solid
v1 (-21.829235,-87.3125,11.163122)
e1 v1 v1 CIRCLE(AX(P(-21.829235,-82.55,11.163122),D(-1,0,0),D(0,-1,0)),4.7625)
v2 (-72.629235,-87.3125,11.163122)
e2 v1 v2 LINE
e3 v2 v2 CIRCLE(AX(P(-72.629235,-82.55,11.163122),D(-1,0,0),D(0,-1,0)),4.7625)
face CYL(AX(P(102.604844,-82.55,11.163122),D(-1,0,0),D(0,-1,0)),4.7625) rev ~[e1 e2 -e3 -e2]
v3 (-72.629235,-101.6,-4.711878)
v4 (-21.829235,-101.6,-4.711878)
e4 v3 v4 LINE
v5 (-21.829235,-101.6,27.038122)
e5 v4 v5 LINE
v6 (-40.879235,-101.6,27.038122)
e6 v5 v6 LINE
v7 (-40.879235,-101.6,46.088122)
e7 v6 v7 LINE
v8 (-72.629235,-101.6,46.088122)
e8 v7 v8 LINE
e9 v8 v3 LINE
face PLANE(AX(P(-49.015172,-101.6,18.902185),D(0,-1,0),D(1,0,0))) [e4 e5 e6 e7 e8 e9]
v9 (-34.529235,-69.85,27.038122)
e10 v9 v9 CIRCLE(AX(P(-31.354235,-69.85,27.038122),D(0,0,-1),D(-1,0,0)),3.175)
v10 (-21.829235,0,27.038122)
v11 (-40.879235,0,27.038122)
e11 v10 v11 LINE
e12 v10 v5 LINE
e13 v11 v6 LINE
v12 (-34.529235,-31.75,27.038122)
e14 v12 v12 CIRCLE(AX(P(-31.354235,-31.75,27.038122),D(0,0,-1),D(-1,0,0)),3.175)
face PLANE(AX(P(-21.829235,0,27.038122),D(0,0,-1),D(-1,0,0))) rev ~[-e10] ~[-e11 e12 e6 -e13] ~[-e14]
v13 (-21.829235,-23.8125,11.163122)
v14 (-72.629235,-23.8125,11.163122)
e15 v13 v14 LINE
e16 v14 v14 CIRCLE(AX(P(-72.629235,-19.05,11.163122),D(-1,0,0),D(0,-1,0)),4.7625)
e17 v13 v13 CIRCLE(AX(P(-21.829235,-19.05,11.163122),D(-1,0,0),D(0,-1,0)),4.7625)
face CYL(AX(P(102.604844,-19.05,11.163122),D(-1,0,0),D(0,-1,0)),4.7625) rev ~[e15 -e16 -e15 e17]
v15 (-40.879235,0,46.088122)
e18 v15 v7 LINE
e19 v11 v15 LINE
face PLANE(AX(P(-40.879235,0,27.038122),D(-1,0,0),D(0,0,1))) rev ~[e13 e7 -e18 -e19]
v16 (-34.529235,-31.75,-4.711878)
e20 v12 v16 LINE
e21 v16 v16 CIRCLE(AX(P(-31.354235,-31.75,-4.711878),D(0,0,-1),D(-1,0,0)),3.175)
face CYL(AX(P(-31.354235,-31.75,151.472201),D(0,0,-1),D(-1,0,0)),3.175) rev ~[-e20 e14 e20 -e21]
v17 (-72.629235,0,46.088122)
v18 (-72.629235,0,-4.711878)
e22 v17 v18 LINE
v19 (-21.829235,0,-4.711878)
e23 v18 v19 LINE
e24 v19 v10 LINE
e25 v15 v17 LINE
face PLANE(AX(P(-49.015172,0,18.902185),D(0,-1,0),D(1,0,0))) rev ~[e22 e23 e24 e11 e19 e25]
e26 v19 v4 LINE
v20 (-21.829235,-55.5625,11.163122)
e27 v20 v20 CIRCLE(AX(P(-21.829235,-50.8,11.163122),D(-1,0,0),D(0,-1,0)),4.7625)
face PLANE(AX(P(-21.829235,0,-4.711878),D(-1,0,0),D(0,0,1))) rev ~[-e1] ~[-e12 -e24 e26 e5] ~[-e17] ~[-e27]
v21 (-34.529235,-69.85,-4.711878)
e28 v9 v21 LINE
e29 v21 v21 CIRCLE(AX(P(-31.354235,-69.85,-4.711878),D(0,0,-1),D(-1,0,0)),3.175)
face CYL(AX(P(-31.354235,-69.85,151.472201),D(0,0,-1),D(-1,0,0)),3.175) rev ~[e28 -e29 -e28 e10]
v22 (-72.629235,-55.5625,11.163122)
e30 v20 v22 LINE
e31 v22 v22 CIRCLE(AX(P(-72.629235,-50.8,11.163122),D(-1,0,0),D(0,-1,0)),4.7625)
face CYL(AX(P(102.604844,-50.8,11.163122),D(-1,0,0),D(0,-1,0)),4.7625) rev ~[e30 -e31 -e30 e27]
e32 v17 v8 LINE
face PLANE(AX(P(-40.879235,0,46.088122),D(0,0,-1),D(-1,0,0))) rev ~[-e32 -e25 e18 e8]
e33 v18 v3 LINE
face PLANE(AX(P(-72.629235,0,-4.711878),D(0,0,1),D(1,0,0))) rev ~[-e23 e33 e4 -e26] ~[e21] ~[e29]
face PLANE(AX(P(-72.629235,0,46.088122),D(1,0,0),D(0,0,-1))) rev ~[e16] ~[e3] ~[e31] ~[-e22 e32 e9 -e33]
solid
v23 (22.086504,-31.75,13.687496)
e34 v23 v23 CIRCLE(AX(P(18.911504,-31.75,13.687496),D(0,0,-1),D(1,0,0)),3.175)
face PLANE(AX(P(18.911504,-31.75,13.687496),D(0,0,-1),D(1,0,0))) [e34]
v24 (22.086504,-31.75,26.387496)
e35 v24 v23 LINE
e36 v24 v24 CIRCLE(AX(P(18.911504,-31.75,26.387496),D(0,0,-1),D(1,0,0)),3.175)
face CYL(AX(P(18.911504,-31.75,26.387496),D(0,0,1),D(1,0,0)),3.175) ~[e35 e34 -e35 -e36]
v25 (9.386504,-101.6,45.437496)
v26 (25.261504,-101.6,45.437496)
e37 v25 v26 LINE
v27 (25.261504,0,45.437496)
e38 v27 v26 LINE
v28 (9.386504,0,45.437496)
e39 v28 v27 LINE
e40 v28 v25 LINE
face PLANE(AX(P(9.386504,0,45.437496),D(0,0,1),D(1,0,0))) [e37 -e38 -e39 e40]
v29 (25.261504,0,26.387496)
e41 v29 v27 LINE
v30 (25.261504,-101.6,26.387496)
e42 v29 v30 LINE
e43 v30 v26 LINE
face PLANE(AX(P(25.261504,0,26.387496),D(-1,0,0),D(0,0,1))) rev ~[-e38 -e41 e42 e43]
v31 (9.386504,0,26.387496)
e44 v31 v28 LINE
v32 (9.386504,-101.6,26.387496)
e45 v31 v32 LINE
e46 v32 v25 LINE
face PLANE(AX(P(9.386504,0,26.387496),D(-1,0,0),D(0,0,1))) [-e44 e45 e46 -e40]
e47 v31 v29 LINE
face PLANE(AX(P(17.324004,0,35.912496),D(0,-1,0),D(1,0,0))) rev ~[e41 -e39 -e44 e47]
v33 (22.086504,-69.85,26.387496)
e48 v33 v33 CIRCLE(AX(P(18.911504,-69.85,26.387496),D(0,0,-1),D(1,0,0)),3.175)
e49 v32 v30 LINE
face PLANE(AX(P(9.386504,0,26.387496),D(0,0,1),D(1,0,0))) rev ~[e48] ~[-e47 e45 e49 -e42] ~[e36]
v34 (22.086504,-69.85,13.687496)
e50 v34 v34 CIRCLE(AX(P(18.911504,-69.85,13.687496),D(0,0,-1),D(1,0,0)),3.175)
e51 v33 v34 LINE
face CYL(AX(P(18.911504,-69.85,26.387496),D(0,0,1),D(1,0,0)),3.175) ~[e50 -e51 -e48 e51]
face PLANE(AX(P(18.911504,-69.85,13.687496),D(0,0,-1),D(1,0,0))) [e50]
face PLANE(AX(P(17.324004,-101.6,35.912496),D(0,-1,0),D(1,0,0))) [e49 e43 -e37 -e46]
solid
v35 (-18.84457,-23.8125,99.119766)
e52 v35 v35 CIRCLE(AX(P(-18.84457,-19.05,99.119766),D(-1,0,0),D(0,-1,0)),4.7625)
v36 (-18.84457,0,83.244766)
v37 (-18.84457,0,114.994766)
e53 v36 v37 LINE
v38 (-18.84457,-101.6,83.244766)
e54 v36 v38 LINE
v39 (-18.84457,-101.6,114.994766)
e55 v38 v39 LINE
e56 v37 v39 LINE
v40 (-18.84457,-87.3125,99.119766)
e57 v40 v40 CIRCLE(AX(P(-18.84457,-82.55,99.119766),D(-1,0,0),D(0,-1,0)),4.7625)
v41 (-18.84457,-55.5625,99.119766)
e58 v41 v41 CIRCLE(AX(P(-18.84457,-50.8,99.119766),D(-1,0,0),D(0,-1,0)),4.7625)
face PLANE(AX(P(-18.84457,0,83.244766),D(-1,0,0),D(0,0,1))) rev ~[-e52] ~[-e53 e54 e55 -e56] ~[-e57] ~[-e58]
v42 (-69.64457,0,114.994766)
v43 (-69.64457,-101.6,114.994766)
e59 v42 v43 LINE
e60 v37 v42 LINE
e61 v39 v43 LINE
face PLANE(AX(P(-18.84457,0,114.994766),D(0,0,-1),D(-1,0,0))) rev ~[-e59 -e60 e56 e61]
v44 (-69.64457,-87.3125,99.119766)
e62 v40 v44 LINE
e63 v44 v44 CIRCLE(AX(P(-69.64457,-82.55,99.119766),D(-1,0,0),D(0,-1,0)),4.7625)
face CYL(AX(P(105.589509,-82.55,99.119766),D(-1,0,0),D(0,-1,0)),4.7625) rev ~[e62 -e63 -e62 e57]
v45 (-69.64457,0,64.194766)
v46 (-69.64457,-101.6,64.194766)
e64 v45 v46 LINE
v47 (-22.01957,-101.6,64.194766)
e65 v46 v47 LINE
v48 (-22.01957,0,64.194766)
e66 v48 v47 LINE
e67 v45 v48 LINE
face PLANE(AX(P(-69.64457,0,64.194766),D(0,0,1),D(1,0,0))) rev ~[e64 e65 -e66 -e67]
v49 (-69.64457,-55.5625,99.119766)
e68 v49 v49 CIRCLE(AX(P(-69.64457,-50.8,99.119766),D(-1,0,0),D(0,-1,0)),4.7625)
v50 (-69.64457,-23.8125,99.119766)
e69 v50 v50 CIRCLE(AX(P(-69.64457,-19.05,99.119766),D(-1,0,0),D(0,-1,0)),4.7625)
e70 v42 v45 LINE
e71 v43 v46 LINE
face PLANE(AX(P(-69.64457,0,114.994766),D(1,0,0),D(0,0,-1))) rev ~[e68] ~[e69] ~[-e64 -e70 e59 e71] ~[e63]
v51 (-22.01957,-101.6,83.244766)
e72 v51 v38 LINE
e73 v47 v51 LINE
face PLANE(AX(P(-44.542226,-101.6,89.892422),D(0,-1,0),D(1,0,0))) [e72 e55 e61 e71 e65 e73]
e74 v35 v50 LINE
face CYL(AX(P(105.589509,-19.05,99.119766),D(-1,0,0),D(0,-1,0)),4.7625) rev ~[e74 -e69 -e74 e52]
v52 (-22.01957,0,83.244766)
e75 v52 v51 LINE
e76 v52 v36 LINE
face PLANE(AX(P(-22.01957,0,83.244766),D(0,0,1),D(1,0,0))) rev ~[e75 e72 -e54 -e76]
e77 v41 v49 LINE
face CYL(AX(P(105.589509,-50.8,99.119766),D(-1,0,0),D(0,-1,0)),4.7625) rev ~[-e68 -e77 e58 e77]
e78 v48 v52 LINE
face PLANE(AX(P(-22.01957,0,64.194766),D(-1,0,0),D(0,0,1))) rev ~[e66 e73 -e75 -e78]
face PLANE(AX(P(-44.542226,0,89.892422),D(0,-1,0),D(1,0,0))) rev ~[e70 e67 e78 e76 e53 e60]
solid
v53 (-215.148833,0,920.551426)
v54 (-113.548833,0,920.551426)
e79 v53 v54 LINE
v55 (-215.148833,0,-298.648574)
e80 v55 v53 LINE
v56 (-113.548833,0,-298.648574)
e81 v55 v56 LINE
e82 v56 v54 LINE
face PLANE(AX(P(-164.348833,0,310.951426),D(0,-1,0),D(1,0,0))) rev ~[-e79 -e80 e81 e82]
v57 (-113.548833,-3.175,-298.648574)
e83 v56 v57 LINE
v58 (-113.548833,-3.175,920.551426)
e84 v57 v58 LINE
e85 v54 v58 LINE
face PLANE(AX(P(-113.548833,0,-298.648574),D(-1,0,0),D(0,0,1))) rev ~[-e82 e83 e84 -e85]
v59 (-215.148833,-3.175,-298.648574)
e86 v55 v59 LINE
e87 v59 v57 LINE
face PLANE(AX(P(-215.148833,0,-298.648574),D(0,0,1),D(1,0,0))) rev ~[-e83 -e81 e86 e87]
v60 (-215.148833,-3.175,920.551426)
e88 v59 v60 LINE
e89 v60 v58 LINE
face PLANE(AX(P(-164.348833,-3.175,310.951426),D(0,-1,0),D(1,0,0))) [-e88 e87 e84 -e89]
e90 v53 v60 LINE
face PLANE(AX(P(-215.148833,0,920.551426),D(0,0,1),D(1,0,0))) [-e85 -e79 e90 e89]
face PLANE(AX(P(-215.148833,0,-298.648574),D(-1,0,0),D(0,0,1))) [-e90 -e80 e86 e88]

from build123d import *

# Parameters (mm, degrees)
F1_DEPTH  = 101.6
F3_D      = 6.35
F5_D      = 9.525
F6_W      = 15.875
F6_H      = 19.05
F7_DEPTH  = 101.6
F8_R      = 3.175
F9_DEPTH  = 12.7
F11_DEPTH = 101.6
F13_D     = 9.525
F14_W     = 101.6
F14_H     = 1219.2
F15_DEPTH = 3.175


with BuildPart() as f1:
    # F0 (on Front) → F1 (new body)
    with BuildSketch(Plane.XZ):
        Polygon((-40.879235, 46.088122), (-72.629235, 46.088122), (-72.629235, -4.711878), (-21.829235, -4.711878), (-21.829235, 27.038122), (-40.879235, 27.038122), align=None)
    extrude(amount=F1_DEPTH)

    # F3 (through all)
    with Locations(Plane.XY.offset(27.038122)):
        with Locations((-31.354235, -69.85), (-31.354235, -31.75)):
            Hole(F3_D / 2)

    # F5 (through all)
    with Locations(Plane.YZ.offset(-21.829235)):
        with Locations((-82.55, 11.163122), (-50.8, 11.163122), (-19.05, 11.163122)):
            Hole(F5_D / 2)


with BuildPart() as f7:
    # F6 (on Front) → F7 (new body)
    with BuildSketch(Plane.XZ):
        with Locations((17.324004, 35.912496)):
            Rectangle(F6_W, F6_H)
    extrude(amount=F7_DEPTH)

    # F8 (on face) → F9 (join)
    with BuildSketch(Plane(origin=(0, 0, 26.387496), x_dir=(1, 0, 0), z_dir=(0, 0, -1))):
        with Locations((18.911504, 69.85)):
            Circle(F8_R)
        with Locations((18.911504, 31.75)):
            Circle(F8_R)
    extrude(amount=F9_DEPTH)


with BuildPart() as f11:
    # F10 (on Front) → F11 (new body)
    with BuildSketch(Plane.XZ):
        Polygon((-18.84457, 114.994766), (-69.64457, 114.994766), (-69.64457, 64.194766), (-22.01957, 64.194766), (-22.01957, 83.244766), (-18.84457, 83.244766), align=None)
    extrude(amount=F11_DEPTH)

    # F13 (through all)
    with Locations(Plane.YZ.offset(-18.84457)):
        with Locations((-82.55, 99.119766), (-50.8, 99.119766), (-19.05, 99.119766)):
            Hole(F13_D / 2)


with BuildPart() as f15:
    # F14 (on Front) → F15 (new body)
    with BuildSketch(Plane.XZ):
        with Locations((-164.348833, 310.951426)):
            Rectangle(F14_W, F14_H)
    extrude(amount=F15_DEPTH)


solid = Compound([f1.part, f7.part, f11.part, f15.part])
